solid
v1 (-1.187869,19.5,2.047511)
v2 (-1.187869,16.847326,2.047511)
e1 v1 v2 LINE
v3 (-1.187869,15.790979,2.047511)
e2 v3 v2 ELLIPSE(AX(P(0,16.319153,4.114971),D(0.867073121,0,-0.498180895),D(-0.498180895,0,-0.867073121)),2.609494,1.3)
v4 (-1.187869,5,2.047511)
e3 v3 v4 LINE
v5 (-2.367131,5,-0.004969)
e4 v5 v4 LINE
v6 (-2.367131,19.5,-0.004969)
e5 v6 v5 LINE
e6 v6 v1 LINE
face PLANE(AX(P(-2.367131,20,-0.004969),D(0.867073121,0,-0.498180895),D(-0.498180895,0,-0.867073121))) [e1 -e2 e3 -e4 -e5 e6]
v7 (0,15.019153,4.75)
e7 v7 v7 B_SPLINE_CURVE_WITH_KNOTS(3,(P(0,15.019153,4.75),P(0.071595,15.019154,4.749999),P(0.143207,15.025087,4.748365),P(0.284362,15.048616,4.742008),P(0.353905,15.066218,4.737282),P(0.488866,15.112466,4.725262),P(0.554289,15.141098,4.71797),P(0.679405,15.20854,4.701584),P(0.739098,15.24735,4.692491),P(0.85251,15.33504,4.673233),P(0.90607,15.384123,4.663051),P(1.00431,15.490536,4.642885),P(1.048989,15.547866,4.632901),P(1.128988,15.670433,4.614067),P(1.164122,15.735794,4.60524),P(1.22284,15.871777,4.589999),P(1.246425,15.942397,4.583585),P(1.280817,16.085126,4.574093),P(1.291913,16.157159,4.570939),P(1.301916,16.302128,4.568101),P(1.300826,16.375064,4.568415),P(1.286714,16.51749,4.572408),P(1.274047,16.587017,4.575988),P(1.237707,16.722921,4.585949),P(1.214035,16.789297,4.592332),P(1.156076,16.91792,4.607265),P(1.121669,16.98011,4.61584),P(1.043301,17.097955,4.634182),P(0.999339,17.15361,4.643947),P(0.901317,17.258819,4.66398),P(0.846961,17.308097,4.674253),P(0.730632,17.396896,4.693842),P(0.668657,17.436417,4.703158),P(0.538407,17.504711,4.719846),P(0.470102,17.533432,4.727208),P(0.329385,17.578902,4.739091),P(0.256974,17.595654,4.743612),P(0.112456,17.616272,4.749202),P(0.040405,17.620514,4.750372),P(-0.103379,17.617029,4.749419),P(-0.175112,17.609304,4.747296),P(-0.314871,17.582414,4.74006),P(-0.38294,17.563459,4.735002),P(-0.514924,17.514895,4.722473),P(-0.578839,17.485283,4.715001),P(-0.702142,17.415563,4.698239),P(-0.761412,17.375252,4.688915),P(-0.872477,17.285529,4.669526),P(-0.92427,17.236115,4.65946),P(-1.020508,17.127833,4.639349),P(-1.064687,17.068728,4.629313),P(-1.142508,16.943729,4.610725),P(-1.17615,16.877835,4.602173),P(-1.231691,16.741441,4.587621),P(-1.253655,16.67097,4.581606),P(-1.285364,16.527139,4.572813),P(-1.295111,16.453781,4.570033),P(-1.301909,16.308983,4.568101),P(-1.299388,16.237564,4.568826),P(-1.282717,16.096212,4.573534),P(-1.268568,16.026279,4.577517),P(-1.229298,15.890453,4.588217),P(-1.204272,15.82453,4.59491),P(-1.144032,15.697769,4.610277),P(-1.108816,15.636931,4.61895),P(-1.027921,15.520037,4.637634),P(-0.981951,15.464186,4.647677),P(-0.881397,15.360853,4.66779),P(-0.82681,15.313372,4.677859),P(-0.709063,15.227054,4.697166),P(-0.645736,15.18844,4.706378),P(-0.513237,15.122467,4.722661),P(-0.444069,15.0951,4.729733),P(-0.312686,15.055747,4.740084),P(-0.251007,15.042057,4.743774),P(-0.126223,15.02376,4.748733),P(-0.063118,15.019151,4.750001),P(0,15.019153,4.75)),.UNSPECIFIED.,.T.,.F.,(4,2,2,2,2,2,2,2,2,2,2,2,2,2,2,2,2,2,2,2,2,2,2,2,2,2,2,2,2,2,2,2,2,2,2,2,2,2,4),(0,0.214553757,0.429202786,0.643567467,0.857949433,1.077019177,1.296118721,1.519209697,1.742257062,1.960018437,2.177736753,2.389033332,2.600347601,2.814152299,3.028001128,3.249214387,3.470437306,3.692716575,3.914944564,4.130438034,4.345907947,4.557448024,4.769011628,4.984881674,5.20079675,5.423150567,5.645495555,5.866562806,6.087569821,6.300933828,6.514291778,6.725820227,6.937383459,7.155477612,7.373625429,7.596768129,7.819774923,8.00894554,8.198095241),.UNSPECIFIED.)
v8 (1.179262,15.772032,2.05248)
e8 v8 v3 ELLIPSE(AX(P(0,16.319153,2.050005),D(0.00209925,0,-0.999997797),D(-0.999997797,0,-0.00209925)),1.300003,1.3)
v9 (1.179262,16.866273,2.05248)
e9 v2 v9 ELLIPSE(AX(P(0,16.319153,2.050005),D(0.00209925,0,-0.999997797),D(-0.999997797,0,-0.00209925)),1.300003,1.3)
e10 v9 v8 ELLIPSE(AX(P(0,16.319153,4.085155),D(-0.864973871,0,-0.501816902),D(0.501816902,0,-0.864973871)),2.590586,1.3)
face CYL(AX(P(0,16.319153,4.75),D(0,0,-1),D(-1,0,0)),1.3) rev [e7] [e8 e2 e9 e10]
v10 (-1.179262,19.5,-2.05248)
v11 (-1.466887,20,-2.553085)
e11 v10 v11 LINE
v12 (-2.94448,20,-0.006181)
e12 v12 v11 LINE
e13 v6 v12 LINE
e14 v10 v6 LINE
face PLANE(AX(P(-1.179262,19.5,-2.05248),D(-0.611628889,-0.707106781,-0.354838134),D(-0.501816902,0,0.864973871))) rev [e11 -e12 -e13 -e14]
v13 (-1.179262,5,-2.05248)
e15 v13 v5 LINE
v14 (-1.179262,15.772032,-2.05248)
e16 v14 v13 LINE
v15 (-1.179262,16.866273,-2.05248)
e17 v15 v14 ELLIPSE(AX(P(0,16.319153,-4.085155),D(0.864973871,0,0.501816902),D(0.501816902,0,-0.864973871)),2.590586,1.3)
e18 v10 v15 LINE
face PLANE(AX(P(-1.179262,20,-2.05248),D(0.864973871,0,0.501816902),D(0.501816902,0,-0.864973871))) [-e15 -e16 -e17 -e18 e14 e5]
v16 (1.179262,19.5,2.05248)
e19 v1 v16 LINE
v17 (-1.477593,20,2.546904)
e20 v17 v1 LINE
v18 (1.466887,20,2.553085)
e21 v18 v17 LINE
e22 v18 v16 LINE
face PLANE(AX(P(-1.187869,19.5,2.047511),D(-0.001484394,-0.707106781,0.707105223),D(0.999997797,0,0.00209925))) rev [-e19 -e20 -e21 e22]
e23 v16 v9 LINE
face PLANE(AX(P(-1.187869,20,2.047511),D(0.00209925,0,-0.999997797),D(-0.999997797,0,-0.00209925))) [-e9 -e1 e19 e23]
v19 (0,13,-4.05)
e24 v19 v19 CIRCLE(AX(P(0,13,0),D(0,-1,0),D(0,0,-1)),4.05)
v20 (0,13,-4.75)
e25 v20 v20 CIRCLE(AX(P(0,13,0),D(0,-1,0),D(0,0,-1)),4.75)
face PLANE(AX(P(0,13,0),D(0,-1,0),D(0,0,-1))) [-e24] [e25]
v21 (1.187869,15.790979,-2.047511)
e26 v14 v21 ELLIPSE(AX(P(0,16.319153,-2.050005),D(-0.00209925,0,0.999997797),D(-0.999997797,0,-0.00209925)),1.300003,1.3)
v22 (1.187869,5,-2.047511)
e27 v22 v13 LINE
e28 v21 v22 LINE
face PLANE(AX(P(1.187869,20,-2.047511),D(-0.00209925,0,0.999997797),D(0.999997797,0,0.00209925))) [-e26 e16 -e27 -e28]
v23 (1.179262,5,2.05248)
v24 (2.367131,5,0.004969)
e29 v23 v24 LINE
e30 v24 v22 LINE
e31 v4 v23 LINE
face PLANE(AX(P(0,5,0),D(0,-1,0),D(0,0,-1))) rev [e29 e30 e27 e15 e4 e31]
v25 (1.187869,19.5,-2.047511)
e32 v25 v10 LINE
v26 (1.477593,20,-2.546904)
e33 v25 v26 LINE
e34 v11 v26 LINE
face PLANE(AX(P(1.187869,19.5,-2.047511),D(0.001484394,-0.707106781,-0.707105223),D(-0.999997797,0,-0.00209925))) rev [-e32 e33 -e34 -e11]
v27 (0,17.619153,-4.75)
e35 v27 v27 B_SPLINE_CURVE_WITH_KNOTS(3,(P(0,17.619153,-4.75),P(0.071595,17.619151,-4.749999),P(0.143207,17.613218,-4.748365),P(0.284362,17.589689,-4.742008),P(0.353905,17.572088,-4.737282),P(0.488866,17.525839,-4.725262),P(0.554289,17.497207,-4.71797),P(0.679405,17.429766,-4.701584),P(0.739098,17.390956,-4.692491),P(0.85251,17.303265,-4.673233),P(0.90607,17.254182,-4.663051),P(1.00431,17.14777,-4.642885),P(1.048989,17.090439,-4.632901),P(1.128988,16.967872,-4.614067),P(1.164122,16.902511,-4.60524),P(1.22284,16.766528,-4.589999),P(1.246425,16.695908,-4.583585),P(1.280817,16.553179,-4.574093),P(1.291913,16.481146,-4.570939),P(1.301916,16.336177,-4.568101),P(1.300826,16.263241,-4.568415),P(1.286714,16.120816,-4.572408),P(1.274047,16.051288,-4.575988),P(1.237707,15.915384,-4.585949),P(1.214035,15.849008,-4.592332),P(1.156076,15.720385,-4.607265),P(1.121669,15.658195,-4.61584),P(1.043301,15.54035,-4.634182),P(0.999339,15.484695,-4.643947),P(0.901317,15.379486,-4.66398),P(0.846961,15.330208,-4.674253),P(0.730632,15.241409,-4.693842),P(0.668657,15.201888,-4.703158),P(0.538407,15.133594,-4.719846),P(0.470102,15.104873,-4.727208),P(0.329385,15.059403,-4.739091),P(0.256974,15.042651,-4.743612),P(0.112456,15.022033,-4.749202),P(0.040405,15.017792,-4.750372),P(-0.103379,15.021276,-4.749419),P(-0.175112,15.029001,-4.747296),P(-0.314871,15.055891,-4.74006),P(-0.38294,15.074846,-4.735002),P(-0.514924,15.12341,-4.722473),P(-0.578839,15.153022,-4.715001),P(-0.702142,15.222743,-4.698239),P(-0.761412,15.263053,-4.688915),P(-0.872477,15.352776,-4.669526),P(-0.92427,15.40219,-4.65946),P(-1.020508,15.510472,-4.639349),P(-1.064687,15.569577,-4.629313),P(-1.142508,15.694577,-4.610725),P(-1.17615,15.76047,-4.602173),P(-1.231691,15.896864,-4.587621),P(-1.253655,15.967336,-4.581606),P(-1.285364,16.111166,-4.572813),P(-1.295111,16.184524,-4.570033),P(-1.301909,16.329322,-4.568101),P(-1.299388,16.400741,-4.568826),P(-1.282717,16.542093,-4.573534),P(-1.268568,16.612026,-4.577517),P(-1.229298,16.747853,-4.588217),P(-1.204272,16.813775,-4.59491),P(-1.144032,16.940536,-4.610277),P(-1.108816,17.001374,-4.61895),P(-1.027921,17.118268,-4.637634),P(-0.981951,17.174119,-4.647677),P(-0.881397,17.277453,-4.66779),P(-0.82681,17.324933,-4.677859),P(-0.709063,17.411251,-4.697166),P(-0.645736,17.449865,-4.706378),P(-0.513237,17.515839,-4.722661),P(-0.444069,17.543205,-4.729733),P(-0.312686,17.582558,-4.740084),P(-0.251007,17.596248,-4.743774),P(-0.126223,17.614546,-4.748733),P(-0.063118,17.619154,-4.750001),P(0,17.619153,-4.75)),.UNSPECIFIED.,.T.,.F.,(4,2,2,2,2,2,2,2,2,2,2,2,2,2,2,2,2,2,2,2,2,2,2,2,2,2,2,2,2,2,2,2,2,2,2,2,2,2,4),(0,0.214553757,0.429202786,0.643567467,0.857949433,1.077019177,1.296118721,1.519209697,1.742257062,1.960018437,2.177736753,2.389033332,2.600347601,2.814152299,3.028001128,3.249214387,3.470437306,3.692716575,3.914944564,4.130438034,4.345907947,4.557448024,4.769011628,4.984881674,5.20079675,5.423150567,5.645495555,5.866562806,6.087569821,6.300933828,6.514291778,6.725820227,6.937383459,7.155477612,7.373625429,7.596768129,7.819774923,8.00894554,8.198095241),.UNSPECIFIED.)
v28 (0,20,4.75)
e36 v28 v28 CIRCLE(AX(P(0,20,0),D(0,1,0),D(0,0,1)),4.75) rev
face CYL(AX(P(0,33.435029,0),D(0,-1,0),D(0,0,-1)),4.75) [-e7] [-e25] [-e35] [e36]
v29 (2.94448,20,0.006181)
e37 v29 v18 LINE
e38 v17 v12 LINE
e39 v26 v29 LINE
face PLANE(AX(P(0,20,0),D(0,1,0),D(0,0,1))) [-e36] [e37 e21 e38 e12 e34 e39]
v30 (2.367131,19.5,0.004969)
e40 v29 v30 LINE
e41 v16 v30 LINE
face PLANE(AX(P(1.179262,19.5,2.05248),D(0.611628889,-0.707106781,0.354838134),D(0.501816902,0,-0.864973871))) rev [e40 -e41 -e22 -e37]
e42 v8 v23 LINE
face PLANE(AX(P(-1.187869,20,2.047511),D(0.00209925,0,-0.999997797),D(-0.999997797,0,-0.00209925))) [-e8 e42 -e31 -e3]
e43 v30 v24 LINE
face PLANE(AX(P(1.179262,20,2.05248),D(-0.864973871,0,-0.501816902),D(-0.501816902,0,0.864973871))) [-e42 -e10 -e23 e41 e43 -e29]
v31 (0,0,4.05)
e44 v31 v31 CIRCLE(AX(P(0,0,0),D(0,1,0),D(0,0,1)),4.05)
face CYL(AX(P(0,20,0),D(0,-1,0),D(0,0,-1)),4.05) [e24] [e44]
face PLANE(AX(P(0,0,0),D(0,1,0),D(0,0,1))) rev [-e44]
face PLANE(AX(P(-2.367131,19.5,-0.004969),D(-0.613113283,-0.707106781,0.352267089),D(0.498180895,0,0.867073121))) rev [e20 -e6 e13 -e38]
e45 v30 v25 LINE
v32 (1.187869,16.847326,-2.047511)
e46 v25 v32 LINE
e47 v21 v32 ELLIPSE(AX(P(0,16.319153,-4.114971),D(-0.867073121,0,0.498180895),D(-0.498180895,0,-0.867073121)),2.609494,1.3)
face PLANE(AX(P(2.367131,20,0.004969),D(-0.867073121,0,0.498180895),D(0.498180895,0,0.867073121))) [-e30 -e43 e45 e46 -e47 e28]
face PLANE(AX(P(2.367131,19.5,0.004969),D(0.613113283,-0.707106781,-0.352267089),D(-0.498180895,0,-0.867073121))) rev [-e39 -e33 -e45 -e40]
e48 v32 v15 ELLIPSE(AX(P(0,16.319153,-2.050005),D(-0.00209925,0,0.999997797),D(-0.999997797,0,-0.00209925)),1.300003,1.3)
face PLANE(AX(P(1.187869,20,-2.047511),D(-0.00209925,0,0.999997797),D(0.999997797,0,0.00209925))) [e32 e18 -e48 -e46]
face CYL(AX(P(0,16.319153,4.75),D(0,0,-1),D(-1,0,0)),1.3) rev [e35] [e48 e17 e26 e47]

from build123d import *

# Parameters (mm, degrees)
SKETCH1_R           = 4.05
BOSS_EXTRUDE1_DEPTH = 20
BOSS_EXTRUDE2_DEPTH = 5
SKETCH3_R           = 4.75
SKETCH3_R_2         = 4.05
BOSS_EXTRUDE3_DEPTH = 7
CHAMFER1_SIZE       = 0.5
SKETCH4_R           = 1.3
CUT_EXTRUDE1_DEPTH  = 10.5


with BuildPart() as part:
    # Sketch1 → Boss-Extrude1 (new body)
    with BuildSketch(Plane(origin=(0, 0, 0), x_dir=(1, 0, 0), z_dir=(0, 1, 0))):
        Circle(SKETCH1_R)
        Polygon((1.187868906, 2.047510878), (-1.179261982, 2.052480088), (-2.367130888, 0.00496921), (-1.187868906, -2.047510878), (1.179261982, -2.052480088), (2.367130888, -0.00496921), align=None, mode=Mode.SUBTRACT)
    extrude(amount=BOSS_EXTRUDE1_DEPTH)

    # Sketch2 → Boss-Extrude2 (add)
    with BuildSketch(Plane.XZ):
        Polygon((1.187868906, -2.047510878), (2.367130888, 0.00496921), (1.179261982, 2.052480088), (-1.187868906, 2.047510878), (-2.367130888, -0.00496921), (-1.179261982, -2.052480088), align=None)
    extrude(amount=-BOSS_EXTRUDE2_DEPTH)

    # Sketch3 → Boss-Extrude3 (add)
    with BuildSketch(Plane(origin=(0, 13, 0), x_dir=(-1, 0, 0), z_dir=(0, -1, 0))):
        Circle(SKETCH3_R)
        Circle(SKETCH3_R_2, mode=Mode.SUBTRACT)
    extrude(amount=-BOSS_EXTRUDE3_DEPTH)

    # Chamfer1
    chamfer1_edges = [part.edges().sort_by_distance(p)[0] for p in [
        (1.777499897, 20, -1.021270834),
        (0.004303462, 20, -2.049995483),
        (-1.773196435, 20, -1.028724649),
        (-1.777499897, 20, 1.021270834),
        (-0.004303462, 20, 2.049995483),
        (1.773196435, 20, 1.028724649),
    ]]
    chamfer(chamfer1_edges, length=CHAMFER1_SIZE)

    # Sketch4 → Cut-Extrude1 (cut, through all)
    with BuildSketch(Plane(origin=(0, 0, -4.75), x_dir=(-1, 0, 0), z_dir=(0, 0, -1))):
        with Locations((0, 16.319152566)):
            Circle(SKETCH4_R)
    extrude(amount=-CUT_EXTRUDE1_DEPTH, mode=Mode.SUBTRACT)


solid = part.part
